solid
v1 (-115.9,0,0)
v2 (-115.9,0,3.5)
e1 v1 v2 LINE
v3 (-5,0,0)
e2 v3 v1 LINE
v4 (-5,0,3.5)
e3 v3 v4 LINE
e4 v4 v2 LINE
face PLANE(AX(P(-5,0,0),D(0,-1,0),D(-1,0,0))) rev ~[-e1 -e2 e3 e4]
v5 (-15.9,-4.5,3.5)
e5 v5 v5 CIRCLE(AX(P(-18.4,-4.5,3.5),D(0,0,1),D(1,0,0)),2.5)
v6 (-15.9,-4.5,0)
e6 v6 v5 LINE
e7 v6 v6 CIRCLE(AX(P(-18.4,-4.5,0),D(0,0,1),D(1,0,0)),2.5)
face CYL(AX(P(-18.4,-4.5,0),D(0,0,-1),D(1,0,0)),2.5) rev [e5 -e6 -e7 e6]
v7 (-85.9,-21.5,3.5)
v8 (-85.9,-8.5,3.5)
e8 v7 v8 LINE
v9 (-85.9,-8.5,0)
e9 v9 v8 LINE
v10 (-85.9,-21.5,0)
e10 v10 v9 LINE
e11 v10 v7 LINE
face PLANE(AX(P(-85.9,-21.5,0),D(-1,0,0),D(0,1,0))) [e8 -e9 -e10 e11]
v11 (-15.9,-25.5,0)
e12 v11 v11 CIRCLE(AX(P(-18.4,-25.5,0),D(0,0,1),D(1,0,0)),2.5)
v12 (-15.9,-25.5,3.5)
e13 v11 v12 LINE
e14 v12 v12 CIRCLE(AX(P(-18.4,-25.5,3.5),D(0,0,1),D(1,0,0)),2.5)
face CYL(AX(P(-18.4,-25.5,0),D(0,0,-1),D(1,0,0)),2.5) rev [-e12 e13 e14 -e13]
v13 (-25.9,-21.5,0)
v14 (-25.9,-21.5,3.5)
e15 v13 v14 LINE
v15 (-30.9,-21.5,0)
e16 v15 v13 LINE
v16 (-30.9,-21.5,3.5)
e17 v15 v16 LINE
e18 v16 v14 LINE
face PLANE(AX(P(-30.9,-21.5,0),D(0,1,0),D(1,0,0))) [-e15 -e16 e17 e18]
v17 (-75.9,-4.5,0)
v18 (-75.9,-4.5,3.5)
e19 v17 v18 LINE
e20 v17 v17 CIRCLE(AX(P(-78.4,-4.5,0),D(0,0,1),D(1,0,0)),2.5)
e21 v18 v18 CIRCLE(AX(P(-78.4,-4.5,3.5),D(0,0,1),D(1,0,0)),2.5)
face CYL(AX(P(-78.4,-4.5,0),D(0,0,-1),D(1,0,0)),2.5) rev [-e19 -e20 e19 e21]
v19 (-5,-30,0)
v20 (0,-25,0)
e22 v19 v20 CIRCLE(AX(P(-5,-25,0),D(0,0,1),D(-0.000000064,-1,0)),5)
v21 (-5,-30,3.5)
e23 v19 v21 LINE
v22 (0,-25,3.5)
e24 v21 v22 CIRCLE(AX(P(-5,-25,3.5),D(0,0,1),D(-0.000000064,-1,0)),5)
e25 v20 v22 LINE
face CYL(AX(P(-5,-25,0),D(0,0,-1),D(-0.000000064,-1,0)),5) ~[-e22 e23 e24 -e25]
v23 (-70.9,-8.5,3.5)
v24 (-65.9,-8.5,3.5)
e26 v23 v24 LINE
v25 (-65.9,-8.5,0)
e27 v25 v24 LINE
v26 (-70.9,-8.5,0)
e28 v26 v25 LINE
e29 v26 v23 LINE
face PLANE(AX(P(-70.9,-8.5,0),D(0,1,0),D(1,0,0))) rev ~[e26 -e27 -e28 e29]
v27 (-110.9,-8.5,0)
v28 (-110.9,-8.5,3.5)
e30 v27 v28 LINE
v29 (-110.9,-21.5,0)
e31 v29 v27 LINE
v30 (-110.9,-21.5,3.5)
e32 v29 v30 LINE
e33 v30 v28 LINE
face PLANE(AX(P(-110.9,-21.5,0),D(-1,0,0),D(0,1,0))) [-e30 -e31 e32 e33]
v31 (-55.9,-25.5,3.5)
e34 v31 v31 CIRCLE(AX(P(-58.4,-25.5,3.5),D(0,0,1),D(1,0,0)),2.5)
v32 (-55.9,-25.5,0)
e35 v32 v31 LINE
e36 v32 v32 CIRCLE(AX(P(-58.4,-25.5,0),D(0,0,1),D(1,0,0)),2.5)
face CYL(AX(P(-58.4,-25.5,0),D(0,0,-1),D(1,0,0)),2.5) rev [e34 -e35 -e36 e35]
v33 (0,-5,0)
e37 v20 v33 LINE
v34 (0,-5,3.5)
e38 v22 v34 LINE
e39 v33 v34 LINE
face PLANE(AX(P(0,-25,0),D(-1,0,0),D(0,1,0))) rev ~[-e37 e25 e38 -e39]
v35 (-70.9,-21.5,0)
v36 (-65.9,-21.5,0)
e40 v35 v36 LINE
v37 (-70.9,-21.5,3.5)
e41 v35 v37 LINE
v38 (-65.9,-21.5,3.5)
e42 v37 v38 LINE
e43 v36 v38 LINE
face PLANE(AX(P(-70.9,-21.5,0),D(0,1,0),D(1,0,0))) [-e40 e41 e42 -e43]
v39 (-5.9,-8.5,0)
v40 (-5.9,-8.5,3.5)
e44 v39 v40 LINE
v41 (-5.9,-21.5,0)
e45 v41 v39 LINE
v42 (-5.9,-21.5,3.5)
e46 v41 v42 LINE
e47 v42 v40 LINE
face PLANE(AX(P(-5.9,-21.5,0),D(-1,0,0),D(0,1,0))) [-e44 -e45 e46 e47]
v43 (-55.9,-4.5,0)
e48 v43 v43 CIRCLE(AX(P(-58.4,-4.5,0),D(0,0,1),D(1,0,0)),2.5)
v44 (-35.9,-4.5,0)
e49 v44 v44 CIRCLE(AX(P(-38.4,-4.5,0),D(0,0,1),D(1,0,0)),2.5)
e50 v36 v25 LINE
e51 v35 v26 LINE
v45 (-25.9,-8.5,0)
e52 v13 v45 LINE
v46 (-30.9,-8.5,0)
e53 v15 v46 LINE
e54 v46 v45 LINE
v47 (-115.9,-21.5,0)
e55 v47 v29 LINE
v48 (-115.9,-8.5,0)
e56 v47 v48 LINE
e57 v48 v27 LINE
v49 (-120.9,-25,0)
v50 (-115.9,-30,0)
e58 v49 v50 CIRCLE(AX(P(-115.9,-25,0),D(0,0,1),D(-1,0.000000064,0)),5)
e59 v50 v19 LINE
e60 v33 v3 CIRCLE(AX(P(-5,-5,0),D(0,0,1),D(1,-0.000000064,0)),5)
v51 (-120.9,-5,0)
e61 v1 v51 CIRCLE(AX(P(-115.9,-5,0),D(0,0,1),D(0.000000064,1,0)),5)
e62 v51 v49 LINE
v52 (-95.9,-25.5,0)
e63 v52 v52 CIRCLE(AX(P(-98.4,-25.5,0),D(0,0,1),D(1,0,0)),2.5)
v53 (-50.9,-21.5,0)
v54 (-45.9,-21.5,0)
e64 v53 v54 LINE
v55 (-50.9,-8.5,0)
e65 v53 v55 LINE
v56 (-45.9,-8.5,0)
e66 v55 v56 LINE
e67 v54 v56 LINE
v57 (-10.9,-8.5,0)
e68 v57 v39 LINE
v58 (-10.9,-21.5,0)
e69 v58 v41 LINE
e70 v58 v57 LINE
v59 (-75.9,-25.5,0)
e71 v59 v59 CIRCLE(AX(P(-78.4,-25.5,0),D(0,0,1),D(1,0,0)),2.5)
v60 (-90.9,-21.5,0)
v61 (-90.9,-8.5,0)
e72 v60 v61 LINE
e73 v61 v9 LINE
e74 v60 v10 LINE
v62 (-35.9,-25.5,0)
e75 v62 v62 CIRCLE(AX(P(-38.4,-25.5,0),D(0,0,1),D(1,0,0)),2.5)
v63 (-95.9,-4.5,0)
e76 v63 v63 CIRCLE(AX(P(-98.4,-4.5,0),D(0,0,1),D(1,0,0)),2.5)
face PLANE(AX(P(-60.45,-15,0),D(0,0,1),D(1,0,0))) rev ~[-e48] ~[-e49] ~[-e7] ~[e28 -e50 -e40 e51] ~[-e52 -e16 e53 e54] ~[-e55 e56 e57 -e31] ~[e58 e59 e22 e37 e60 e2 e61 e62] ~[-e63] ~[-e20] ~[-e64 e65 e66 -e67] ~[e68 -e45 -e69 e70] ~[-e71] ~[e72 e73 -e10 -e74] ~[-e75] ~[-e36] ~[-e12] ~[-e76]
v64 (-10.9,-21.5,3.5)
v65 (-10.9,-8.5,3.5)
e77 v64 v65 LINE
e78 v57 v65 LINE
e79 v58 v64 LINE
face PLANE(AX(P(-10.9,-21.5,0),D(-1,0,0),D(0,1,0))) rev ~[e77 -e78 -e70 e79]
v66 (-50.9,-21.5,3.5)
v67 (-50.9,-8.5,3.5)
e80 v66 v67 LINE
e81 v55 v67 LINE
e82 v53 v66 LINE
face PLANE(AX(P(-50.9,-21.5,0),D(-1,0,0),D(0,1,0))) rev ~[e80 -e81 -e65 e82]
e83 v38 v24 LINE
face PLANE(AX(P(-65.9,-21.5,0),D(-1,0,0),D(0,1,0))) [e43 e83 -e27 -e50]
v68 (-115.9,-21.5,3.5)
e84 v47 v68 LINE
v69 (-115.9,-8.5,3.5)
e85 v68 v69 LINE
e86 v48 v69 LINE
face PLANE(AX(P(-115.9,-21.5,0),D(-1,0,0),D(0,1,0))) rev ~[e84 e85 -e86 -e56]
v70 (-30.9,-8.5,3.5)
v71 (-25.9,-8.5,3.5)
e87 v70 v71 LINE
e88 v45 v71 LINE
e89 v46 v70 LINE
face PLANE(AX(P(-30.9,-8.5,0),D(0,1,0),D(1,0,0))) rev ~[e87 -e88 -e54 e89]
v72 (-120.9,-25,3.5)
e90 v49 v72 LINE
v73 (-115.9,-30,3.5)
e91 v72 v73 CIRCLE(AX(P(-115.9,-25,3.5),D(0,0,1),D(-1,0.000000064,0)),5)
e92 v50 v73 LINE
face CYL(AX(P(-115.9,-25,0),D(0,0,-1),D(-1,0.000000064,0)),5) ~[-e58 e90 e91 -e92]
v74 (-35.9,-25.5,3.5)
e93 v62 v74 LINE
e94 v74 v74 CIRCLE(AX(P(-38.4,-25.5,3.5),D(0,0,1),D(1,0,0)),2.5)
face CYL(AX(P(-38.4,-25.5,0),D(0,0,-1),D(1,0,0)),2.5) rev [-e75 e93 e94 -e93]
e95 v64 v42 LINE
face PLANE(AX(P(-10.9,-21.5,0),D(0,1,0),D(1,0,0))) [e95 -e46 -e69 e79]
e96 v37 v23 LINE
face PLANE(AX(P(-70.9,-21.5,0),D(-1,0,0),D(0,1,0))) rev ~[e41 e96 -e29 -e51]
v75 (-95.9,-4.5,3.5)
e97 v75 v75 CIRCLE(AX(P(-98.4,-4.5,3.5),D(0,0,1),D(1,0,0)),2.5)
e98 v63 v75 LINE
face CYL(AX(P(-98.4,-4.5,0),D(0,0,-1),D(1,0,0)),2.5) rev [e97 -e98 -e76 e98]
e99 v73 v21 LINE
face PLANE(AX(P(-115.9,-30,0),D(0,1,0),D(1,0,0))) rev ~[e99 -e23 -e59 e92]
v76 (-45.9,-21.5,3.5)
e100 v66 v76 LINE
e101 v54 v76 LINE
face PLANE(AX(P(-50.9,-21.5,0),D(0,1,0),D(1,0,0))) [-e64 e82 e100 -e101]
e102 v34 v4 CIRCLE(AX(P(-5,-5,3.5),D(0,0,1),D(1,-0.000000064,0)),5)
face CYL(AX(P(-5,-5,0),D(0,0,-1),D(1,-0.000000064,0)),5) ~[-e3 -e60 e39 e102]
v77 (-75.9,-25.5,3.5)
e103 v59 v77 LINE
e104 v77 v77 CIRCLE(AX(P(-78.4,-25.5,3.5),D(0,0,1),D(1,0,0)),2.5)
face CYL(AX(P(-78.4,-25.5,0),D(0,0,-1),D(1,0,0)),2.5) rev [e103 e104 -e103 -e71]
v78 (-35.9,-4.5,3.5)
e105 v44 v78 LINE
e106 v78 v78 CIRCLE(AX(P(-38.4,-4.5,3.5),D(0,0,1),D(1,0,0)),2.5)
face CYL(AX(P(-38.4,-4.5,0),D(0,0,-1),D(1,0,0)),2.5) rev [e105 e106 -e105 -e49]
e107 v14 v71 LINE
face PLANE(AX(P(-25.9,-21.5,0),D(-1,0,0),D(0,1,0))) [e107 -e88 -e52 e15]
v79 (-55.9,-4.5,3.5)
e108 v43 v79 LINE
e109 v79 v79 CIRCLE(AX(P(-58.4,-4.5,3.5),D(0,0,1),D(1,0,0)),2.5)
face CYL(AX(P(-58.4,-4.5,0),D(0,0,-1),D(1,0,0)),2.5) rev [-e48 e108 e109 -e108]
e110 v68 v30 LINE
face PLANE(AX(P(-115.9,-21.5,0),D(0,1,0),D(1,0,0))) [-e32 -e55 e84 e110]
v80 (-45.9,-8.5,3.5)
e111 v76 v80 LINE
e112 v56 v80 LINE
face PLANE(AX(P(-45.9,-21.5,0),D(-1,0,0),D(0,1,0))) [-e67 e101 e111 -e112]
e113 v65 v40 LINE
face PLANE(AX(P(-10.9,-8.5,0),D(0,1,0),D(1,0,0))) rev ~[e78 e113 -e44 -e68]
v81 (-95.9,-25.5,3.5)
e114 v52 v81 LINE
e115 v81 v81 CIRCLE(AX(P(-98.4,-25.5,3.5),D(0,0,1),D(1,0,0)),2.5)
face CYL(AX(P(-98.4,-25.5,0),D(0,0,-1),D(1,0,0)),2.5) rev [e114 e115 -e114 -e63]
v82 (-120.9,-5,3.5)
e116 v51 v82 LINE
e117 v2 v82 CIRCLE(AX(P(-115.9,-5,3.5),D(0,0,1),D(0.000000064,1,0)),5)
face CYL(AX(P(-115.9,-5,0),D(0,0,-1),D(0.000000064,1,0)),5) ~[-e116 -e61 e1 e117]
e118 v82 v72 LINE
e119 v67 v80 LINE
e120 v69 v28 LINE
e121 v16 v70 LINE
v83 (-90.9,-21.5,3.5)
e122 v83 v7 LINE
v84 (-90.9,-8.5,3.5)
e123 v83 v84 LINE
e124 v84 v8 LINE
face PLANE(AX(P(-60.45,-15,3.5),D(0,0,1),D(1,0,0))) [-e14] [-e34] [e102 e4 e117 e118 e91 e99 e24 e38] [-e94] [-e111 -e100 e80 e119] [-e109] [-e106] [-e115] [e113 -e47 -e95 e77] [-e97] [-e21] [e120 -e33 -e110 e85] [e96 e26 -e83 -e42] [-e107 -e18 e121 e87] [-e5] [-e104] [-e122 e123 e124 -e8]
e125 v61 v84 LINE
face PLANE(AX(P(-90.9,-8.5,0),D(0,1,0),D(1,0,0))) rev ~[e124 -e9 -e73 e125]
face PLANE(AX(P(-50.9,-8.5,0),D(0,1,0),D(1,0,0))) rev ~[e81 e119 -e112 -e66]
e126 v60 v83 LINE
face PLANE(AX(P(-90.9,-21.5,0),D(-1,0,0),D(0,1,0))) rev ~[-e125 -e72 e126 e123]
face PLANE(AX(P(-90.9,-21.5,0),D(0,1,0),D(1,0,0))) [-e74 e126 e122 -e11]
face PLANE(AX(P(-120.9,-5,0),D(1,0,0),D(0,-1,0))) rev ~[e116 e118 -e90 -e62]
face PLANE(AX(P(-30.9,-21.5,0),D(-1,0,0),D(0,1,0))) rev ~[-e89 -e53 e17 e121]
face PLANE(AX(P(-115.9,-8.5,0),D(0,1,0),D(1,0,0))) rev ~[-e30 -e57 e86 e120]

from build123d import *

# Parameters (mm, degrees)
F0_R     = 2.5
F0_W     = 5
F0_H     = 13
F1_DEPTH = 3.5


with BuildPart() as f1:
    # F0 (on Top) → F1 (new body)
    with BuildSketch(Plane.XY):
        with BuildLine():
            ThreePointArc((0, -5), (-1.464466, -1.464466), (-5, 0))
            Line((-5, 0), (-115.9, 0))
            ThreePointArc((-115.9, 0), (-119.435534, -1.464466), (-120.9, -5))
            Line((-120.9, -5), (-120.9, -25))
            ThreePointArc((-120.9, -25), (-119.435534, -28.535534), (-115.9, -30))
            Line((-115.9, -30), (-5, -30))
            ThreePointArc((-5, -30), (-1.464466, -28.535534), (0, -25))
            Line((0, -25), (0, -5))
        make_face()
        with Locations((-98.4, -25.5)):
            Circle(F0_R, mode=Mode.SUBTRACT)
        with Locations((-78.4, -25.5)):
            Circle(F0_R, mode=Mode.SUBTRACT)
        with Locations((-113.4, -15)):
            Rectangle(F0_W, F0_H, mode=Mode.SUBTRACT)
        with Locations((-88.4, -15)):
            Rectangle(F0_W, F0_H, mode=Mode.SUBTRACT)
        with Locations((-68.4, -15)):
            Rectangle(F0_W, F0_H, mode=Mode.SUBTRACT)
        with Locations((-58.4, -25.5)):
            Circle(F0_R, mode=Mode.SUBTRACT)
        with Locations((-38.4, -25.5)):
            Circle(F0_R, mode=Mode.SUBTRACT)
        with Locations((-18.4, -25.5)):
            Circle(F0_R, mode=Mode.SUBTRACT)
        with Locations((-48.4, -15)):
            Rectangle(F0_W, F0_H, mode=Mode.SUBTRACT)
        with Locations((-28.4, -15)):
            Rectangle(F0_W, F0_H, mode=Mode.SUBTRACT)
        with Locations((-8.4, -15)):
            Rectangle(F0_W, F0_H, mode=Mode.SUBTRACT)
        with Locations((-98.4, -4.5)):
            Circle(F0_R, mode=Mode.SUBTRACT)
        with Locations((-78.4, -4.5)):
            Circle(F0_R, mode=Mode.SUBTRACT)
        with Locations((-58.4, -4.5)):
            Circle(F0_R, mode=Mode.SUBTRACT)
        with Locations((-38.4, -4.5)):
            Circle(F0_R, mode=Mode.SUBTRACT)
        with Locations((-18.4, -4.5)):
            Circle(F0_R, mode=Mode.SUBTRACT)
    extrude(amount=F1_DEPTH)


solid = f1.part
